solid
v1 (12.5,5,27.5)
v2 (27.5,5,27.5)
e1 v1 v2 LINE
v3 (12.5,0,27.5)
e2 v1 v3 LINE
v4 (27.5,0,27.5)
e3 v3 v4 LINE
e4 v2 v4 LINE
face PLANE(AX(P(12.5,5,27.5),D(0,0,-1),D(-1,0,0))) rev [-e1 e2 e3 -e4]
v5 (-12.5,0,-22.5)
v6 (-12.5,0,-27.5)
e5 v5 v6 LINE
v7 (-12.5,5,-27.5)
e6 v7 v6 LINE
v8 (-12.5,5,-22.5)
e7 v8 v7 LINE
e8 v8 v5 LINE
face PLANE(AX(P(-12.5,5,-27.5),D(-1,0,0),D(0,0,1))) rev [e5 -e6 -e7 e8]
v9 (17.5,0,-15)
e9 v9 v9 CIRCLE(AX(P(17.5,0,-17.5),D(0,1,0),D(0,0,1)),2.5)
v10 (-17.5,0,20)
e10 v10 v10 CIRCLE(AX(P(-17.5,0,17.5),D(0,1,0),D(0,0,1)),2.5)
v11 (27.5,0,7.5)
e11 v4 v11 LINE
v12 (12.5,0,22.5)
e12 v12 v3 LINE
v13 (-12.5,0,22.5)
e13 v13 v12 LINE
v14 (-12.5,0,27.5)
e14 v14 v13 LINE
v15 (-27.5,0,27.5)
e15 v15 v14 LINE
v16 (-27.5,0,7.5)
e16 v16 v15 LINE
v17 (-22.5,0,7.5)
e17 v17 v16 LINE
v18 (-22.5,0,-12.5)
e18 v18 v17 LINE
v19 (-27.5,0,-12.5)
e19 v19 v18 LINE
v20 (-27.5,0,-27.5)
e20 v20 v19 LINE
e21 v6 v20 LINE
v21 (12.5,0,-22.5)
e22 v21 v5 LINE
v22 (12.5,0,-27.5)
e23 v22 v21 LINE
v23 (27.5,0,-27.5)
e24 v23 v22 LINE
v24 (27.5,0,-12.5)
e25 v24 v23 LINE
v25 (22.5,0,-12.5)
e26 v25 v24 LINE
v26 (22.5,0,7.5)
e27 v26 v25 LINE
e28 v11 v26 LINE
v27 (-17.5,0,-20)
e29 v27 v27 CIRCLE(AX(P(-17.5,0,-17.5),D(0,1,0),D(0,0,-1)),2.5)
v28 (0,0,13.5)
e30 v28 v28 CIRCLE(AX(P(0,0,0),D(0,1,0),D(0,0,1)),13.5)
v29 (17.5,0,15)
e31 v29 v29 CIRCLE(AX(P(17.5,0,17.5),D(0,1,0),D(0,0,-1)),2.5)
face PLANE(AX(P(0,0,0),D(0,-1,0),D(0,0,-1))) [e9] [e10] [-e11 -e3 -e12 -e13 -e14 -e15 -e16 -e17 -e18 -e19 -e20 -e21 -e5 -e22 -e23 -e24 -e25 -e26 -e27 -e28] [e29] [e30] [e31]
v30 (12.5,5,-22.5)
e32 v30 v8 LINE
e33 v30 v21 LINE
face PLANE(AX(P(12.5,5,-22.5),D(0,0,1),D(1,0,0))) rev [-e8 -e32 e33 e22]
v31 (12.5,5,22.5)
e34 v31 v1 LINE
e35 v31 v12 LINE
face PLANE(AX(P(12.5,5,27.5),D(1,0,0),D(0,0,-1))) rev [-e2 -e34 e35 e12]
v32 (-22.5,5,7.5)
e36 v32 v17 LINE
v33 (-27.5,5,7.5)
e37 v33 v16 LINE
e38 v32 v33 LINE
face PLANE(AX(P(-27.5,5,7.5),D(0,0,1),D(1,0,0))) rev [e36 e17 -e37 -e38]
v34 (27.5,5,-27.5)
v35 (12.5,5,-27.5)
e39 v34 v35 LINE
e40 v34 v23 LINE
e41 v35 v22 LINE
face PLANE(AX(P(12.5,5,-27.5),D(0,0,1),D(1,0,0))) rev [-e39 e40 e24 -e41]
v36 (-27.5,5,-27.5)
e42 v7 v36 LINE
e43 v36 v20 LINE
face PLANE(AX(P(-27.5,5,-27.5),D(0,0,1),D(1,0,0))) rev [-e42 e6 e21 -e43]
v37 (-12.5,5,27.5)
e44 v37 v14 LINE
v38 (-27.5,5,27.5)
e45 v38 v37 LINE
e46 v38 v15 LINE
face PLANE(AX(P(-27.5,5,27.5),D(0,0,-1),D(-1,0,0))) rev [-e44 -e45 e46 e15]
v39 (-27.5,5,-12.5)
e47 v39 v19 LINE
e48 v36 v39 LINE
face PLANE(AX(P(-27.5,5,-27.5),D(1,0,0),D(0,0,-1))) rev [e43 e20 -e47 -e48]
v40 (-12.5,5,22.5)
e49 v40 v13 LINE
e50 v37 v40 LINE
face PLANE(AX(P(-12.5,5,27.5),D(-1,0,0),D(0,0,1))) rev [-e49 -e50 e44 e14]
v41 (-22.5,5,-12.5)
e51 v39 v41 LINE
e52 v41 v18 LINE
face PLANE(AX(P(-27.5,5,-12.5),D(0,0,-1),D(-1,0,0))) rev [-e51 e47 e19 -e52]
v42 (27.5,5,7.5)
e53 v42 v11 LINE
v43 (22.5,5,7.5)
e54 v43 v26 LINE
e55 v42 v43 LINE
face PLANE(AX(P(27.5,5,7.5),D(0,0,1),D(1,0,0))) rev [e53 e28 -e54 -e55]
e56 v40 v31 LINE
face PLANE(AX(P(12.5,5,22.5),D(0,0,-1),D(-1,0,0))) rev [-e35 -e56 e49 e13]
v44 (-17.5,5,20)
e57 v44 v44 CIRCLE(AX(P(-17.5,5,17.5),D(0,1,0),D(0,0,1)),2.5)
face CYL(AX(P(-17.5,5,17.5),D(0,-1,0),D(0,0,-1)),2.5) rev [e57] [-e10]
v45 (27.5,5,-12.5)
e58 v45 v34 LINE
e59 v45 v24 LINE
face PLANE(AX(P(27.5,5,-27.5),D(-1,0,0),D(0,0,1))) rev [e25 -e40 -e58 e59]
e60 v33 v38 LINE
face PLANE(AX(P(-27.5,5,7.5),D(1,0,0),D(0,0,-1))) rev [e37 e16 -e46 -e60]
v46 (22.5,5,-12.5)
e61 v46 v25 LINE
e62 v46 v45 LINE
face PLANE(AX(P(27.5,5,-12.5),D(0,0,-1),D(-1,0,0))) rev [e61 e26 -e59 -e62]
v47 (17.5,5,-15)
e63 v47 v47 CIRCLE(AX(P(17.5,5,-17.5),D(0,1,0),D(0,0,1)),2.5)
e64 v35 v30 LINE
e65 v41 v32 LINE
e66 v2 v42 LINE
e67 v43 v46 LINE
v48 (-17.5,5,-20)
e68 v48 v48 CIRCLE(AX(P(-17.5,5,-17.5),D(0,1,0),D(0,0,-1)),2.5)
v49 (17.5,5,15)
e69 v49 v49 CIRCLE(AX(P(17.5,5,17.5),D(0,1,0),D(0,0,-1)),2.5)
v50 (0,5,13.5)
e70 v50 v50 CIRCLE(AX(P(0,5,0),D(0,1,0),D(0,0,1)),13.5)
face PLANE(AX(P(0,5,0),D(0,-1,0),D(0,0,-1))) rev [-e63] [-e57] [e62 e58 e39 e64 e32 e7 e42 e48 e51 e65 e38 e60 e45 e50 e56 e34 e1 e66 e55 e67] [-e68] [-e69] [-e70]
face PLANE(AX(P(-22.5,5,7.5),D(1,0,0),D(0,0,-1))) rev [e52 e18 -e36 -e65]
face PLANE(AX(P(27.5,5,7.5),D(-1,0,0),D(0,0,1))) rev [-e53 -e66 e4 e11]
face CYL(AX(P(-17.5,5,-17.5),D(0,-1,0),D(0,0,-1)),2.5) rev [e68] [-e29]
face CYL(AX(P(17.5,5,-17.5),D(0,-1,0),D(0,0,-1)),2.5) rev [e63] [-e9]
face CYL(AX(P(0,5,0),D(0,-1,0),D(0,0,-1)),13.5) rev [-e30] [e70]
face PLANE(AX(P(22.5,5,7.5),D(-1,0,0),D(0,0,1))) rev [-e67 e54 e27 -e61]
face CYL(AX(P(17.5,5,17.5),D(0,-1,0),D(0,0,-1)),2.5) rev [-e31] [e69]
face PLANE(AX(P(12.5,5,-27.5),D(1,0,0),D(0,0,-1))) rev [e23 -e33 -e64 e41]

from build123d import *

# Parameters (mm, degrees)
ESQUISSE1_R        = 2.5
ESQUISSE1_R_2      = 13.5
BOSS_EXTRU_1_DEPTH = 5


with BuildPart() as part:
    # Esquisse1 → Boss.-Extru.1 (new body)
    with BuildSketch(Plane(origin=(0, 0, 0), x_dir=(1, 0, 0), z_dir=(0, 1, 0))):
        Polygon((-12.5, 27.5), (-12.5, 22.5), (12.5, 22.5), (12.5, 27.5), (27.5, 27.5), (27.5, 12.5), (22.5, 12.5), (22.5, -7.5), (27.5, -7.5), (27.5, -27.5), (12.5, -27.5), (12.5, -22.5), (-12.5, -22.5), (-12.5, -27.5), (-27.5, -27.5), (-27.5, -7.5), (-22.5, -7.5), (-22.5, 12.5), (-27.5, 12.5), (-27.5, 27.5), align=None)
        with Locations(Location((17.5, 17.5, 0), (0, 0, 270))):
            Circle(ESQUISSE1_R, mode=Mode.SUBTRACT)
        with Locations(Location((-17.5, 17.5, 0), (0, 0, 90))):
            Circle(ESQUISSE1_R, mode=Mode.SUBTRACT)
        with Locations(Location((-17.5, -17.5, 0), (0, 0, 270))):
            Circle(ESQUISSE1_R, mode=Mode.SUBTRACT)
        with Locations(Location((17.5, -17.5, 0), (0, 0, 90))):
            Circle(ESQUISSE1_R, mode=Mode.SUBTRACT)
        with Locations(Location((0, 0, 0), (0, 0, 270))):
            Circle(ESQUISSE1_R_2, mode=Mode.SUBTRACT)
    extrude(amount=BOSS_EXTRU_1_DEPTH)


solid = part.part
